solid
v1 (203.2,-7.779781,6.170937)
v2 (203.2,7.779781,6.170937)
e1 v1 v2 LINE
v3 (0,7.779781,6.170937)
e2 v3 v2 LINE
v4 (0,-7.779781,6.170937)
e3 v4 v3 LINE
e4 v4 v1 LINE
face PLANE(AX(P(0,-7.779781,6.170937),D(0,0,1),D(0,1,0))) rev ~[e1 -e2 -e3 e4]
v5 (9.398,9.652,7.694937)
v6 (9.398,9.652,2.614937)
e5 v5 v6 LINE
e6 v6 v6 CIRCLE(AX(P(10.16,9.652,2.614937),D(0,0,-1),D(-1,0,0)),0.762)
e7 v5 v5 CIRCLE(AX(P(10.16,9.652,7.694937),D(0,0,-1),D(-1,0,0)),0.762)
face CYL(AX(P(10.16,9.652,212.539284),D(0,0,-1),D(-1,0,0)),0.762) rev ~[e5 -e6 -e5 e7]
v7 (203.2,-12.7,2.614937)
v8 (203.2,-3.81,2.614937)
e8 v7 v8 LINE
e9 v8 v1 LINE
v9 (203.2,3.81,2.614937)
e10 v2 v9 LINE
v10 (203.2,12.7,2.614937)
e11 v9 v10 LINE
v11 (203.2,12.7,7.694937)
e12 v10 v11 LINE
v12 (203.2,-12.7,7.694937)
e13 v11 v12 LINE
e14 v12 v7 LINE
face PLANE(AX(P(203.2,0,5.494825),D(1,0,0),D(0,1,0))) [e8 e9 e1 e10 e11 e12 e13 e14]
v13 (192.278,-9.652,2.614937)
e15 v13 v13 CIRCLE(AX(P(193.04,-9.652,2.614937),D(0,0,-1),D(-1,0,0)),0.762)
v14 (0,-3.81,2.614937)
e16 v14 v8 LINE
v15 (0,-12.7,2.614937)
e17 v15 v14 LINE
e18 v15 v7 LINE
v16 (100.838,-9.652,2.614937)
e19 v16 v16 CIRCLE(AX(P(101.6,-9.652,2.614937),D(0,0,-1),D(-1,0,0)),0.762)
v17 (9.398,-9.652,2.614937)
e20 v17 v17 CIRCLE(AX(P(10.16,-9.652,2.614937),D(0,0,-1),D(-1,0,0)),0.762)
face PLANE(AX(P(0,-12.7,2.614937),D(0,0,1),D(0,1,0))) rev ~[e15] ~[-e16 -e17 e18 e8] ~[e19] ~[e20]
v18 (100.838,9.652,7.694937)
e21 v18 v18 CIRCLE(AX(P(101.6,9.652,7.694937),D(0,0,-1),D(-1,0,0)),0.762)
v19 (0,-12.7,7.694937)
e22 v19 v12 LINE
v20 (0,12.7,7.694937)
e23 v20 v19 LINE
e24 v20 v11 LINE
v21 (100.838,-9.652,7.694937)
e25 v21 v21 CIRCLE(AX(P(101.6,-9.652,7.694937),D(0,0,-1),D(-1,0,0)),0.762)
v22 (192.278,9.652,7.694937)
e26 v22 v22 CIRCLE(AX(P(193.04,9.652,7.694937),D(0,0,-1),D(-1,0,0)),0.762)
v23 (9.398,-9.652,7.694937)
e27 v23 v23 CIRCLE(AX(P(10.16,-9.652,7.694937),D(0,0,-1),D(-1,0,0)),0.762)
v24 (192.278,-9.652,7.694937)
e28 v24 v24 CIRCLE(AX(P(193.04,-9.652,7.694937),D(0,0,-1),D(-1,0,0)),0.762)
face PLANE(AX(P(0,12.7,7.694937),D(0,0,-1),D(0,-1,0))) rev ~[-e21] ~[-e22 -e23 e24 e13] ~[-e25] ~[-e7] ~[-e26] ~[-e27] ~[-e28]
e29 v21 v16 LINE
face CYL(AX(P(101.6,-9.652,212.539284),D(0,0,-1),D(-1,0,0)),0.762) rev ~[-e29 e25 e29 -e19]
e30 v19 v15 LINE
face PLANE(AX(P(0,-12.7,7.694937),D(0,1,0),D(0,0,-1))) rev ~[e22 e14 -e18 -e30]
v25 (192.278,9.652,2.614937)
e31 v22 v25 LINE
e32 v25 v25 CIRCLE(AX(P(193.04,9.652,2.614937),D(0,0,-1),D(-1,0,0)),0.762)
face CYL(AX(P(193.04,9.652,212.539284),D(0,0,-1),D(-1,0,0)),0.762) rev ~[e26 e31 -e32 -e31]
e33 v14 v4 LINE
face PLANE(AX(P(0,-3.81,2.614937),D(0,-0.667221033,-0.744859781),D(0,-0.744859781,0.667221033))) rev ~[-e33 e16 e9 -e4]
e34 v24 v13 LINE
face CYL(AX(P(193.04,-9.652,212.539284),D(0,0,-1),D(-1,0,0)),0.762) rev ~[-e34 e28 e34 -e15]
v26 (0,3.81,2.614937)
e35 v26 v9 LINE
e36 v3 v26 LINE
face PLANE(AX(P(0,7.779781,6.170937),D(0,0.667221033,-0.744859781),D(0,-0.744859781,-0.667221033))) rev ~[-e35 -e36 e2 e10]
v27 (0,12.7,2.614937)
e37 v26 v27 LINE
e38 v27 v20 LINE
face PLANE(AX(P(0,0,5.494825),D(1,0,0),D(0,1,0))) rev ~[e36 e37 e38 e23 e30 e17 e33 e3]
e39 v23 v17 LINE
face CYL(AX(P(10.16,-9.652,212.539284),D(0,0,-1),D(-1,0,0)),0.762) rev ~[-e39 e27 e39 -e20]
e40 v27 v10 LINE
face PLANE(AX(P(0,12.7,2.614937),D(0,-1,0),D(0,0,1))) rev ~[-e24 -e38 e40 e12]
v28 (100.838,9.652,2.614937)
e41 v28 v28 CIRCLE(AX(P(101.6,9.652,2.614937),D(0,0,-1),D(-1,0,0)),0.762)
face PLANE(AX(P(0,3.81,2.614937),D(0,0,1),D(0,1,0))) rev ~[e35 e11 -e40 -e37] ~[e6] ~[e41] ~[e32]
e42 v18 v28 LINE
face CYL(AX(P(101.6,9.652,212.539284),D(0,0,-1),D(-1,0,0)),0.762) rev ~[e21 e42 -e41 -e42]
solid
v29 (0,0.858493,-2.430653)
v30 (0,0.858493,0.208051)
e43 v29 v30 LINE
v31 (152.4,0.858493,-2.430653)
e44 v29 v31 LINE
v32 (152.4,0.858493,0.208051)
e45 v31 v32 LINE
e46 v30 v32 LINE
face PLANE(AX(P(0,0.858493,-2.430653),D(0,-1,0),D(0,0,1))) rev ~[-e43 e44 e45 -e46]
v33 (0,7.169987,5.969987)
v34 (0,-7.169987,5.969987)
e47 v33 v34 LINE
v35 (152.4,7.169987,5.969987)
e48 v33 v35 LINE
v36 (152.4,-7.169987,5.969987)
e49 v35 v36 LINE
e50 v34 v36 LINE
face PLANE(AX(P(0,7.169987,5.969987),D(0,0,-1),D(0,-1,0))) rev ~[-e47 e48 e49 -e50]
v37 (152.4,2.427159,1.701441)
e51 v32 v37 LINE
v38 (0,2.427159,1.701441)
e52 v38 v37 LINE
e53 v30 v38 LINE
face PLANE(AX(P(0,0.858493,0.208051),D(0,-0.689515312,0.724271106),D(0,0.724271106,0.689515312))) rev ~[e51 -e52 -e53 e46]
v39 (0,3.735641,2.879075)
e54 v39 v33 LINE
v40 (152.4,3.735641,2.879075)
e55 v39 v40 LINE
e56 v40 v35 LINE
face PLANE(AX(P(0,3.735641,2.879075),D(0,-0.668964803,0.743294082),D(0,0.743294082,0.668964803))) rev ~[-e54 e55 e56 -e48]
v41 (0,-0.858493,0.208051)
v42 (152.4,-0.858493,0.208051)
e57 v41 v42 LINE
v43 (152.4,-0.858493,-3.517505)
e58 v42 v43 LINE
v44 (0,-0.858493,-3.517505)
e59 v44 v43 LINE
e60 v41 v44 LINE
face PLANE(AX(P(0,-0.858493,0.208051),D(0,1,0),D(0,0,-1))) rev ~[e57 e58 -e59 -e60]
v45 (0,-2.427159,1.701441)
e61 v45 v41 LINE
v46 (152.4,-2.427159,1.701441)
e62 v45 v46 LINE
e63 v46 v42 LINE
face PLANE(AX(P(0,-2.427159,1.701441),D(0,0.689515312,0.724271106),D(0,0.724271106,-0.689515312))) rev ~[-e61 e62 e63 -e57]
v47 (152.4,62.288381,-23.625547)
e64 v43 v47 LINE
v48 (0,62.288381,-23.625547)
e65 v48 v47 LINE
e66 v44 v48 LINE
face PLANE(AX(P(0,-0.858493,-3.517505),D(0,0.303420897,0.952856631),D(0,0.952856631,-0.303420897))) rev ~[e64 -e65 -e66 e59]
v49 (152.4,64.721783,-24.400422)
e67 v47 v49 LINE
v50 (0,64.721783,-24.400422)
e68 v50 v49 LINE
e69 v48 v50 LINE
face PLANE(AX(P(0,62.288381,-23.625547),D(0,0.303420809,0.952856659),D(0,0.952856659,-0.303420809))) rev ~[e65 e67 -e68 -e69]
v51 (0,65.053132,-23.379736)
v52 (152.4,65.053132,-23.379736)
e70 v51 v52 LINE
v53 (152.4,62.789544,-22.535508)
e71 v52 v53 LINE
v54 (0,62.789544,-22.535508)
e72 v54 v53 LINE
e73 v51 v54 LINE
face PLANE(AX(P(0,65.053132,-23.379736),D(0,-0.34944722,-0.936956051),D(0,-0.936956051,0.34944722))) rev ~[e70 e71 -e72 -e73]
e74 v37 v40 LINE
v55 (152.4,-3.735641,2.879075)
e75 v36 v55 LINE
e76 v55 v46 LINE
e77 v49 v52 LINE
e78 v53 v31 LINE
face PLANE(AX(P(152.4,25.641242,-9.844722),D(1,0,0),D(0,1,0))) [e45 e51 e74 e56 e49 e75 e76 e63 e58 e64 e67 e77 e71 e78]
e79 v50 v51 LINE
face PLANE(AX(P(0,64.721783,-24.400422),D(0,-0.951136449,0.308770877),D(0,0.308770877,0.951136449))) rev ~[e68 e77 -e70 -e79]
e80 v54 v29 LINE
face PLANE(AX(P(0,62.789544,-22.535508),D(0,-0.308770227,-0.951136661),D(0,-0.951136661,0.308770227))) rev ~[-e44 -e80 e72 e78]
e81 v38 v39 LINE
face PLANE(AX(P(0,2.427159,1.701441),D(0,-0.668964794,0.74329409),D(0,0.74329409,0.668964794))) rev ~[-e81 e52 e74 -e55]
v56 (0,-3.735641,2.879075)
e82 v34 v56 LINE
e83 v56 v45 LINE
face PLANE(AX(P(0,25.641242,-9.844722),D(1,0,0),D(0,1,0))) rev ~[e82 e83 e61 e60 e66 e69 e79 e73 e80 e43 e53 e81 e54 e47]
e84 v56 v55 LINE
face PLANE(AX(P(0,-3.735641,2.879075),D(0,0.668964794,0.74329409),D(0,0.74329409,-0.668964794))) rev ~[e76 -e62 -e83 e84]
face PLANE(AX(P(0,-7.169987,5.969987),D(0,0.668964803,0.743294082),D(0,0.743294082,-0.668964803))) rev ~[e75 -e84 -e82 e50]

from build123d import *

# Parameters (mm, degrees)
F1_DEPTH = 203.2
F3_D     = 1.524
F5_DEPTH = 152.4


with BuildPart() as f1:
    # F0 (on Right) → F1 (new body)
    with BuildSketch(Plane.YZ):
        Polygon((12.7, 7.694937), (0, 7.694937), (-12.7, 7.694937), (-12.7, 2.614937), (-3.81, 2.614937), (-7.779781, 6.170937), (0, 6.170937), (7.779781, 6.170937), (3.81, 2.614937), (12.7, 2.614937), align=None)
    extrude(amount=F1_DEPTH)

    # F3 (through all)
    with Locations(Plane.XY.offset(7.694937)):
        with Locations((101.6, 9.652), (101.6, -9.652), (10.16, 9.652), (10.16, -9.652), (193.04, 9.652), (193.04, -9.652)):
            Hole(F3_D / 2)


with BuildPart() as f5:
    # F4 (on Right) → F5 (new body)
    with BuildSketch(Plane.YZ):
        Polygon((7.169987, 5.969987), (0, 5.969987), (-7.169987, 5.969987), (-3.735641, 2.879075), (-2.427159, 1.701441), (-0.858493, 0.208051), (-0.858493, -3.517505), (62.288381, -23.625547), (64.721783, -24.400422), (65.053132, -23.379736), (62.789544, -22.535508), (0.858493, -2.430653), (0.858493, 0.208051), (2.427159, 1.701441), (3.735641, 2.879075), align=None)
    extrude(amount=F5_DEPTH)


solid = Compound([f1.part, f5.part])
